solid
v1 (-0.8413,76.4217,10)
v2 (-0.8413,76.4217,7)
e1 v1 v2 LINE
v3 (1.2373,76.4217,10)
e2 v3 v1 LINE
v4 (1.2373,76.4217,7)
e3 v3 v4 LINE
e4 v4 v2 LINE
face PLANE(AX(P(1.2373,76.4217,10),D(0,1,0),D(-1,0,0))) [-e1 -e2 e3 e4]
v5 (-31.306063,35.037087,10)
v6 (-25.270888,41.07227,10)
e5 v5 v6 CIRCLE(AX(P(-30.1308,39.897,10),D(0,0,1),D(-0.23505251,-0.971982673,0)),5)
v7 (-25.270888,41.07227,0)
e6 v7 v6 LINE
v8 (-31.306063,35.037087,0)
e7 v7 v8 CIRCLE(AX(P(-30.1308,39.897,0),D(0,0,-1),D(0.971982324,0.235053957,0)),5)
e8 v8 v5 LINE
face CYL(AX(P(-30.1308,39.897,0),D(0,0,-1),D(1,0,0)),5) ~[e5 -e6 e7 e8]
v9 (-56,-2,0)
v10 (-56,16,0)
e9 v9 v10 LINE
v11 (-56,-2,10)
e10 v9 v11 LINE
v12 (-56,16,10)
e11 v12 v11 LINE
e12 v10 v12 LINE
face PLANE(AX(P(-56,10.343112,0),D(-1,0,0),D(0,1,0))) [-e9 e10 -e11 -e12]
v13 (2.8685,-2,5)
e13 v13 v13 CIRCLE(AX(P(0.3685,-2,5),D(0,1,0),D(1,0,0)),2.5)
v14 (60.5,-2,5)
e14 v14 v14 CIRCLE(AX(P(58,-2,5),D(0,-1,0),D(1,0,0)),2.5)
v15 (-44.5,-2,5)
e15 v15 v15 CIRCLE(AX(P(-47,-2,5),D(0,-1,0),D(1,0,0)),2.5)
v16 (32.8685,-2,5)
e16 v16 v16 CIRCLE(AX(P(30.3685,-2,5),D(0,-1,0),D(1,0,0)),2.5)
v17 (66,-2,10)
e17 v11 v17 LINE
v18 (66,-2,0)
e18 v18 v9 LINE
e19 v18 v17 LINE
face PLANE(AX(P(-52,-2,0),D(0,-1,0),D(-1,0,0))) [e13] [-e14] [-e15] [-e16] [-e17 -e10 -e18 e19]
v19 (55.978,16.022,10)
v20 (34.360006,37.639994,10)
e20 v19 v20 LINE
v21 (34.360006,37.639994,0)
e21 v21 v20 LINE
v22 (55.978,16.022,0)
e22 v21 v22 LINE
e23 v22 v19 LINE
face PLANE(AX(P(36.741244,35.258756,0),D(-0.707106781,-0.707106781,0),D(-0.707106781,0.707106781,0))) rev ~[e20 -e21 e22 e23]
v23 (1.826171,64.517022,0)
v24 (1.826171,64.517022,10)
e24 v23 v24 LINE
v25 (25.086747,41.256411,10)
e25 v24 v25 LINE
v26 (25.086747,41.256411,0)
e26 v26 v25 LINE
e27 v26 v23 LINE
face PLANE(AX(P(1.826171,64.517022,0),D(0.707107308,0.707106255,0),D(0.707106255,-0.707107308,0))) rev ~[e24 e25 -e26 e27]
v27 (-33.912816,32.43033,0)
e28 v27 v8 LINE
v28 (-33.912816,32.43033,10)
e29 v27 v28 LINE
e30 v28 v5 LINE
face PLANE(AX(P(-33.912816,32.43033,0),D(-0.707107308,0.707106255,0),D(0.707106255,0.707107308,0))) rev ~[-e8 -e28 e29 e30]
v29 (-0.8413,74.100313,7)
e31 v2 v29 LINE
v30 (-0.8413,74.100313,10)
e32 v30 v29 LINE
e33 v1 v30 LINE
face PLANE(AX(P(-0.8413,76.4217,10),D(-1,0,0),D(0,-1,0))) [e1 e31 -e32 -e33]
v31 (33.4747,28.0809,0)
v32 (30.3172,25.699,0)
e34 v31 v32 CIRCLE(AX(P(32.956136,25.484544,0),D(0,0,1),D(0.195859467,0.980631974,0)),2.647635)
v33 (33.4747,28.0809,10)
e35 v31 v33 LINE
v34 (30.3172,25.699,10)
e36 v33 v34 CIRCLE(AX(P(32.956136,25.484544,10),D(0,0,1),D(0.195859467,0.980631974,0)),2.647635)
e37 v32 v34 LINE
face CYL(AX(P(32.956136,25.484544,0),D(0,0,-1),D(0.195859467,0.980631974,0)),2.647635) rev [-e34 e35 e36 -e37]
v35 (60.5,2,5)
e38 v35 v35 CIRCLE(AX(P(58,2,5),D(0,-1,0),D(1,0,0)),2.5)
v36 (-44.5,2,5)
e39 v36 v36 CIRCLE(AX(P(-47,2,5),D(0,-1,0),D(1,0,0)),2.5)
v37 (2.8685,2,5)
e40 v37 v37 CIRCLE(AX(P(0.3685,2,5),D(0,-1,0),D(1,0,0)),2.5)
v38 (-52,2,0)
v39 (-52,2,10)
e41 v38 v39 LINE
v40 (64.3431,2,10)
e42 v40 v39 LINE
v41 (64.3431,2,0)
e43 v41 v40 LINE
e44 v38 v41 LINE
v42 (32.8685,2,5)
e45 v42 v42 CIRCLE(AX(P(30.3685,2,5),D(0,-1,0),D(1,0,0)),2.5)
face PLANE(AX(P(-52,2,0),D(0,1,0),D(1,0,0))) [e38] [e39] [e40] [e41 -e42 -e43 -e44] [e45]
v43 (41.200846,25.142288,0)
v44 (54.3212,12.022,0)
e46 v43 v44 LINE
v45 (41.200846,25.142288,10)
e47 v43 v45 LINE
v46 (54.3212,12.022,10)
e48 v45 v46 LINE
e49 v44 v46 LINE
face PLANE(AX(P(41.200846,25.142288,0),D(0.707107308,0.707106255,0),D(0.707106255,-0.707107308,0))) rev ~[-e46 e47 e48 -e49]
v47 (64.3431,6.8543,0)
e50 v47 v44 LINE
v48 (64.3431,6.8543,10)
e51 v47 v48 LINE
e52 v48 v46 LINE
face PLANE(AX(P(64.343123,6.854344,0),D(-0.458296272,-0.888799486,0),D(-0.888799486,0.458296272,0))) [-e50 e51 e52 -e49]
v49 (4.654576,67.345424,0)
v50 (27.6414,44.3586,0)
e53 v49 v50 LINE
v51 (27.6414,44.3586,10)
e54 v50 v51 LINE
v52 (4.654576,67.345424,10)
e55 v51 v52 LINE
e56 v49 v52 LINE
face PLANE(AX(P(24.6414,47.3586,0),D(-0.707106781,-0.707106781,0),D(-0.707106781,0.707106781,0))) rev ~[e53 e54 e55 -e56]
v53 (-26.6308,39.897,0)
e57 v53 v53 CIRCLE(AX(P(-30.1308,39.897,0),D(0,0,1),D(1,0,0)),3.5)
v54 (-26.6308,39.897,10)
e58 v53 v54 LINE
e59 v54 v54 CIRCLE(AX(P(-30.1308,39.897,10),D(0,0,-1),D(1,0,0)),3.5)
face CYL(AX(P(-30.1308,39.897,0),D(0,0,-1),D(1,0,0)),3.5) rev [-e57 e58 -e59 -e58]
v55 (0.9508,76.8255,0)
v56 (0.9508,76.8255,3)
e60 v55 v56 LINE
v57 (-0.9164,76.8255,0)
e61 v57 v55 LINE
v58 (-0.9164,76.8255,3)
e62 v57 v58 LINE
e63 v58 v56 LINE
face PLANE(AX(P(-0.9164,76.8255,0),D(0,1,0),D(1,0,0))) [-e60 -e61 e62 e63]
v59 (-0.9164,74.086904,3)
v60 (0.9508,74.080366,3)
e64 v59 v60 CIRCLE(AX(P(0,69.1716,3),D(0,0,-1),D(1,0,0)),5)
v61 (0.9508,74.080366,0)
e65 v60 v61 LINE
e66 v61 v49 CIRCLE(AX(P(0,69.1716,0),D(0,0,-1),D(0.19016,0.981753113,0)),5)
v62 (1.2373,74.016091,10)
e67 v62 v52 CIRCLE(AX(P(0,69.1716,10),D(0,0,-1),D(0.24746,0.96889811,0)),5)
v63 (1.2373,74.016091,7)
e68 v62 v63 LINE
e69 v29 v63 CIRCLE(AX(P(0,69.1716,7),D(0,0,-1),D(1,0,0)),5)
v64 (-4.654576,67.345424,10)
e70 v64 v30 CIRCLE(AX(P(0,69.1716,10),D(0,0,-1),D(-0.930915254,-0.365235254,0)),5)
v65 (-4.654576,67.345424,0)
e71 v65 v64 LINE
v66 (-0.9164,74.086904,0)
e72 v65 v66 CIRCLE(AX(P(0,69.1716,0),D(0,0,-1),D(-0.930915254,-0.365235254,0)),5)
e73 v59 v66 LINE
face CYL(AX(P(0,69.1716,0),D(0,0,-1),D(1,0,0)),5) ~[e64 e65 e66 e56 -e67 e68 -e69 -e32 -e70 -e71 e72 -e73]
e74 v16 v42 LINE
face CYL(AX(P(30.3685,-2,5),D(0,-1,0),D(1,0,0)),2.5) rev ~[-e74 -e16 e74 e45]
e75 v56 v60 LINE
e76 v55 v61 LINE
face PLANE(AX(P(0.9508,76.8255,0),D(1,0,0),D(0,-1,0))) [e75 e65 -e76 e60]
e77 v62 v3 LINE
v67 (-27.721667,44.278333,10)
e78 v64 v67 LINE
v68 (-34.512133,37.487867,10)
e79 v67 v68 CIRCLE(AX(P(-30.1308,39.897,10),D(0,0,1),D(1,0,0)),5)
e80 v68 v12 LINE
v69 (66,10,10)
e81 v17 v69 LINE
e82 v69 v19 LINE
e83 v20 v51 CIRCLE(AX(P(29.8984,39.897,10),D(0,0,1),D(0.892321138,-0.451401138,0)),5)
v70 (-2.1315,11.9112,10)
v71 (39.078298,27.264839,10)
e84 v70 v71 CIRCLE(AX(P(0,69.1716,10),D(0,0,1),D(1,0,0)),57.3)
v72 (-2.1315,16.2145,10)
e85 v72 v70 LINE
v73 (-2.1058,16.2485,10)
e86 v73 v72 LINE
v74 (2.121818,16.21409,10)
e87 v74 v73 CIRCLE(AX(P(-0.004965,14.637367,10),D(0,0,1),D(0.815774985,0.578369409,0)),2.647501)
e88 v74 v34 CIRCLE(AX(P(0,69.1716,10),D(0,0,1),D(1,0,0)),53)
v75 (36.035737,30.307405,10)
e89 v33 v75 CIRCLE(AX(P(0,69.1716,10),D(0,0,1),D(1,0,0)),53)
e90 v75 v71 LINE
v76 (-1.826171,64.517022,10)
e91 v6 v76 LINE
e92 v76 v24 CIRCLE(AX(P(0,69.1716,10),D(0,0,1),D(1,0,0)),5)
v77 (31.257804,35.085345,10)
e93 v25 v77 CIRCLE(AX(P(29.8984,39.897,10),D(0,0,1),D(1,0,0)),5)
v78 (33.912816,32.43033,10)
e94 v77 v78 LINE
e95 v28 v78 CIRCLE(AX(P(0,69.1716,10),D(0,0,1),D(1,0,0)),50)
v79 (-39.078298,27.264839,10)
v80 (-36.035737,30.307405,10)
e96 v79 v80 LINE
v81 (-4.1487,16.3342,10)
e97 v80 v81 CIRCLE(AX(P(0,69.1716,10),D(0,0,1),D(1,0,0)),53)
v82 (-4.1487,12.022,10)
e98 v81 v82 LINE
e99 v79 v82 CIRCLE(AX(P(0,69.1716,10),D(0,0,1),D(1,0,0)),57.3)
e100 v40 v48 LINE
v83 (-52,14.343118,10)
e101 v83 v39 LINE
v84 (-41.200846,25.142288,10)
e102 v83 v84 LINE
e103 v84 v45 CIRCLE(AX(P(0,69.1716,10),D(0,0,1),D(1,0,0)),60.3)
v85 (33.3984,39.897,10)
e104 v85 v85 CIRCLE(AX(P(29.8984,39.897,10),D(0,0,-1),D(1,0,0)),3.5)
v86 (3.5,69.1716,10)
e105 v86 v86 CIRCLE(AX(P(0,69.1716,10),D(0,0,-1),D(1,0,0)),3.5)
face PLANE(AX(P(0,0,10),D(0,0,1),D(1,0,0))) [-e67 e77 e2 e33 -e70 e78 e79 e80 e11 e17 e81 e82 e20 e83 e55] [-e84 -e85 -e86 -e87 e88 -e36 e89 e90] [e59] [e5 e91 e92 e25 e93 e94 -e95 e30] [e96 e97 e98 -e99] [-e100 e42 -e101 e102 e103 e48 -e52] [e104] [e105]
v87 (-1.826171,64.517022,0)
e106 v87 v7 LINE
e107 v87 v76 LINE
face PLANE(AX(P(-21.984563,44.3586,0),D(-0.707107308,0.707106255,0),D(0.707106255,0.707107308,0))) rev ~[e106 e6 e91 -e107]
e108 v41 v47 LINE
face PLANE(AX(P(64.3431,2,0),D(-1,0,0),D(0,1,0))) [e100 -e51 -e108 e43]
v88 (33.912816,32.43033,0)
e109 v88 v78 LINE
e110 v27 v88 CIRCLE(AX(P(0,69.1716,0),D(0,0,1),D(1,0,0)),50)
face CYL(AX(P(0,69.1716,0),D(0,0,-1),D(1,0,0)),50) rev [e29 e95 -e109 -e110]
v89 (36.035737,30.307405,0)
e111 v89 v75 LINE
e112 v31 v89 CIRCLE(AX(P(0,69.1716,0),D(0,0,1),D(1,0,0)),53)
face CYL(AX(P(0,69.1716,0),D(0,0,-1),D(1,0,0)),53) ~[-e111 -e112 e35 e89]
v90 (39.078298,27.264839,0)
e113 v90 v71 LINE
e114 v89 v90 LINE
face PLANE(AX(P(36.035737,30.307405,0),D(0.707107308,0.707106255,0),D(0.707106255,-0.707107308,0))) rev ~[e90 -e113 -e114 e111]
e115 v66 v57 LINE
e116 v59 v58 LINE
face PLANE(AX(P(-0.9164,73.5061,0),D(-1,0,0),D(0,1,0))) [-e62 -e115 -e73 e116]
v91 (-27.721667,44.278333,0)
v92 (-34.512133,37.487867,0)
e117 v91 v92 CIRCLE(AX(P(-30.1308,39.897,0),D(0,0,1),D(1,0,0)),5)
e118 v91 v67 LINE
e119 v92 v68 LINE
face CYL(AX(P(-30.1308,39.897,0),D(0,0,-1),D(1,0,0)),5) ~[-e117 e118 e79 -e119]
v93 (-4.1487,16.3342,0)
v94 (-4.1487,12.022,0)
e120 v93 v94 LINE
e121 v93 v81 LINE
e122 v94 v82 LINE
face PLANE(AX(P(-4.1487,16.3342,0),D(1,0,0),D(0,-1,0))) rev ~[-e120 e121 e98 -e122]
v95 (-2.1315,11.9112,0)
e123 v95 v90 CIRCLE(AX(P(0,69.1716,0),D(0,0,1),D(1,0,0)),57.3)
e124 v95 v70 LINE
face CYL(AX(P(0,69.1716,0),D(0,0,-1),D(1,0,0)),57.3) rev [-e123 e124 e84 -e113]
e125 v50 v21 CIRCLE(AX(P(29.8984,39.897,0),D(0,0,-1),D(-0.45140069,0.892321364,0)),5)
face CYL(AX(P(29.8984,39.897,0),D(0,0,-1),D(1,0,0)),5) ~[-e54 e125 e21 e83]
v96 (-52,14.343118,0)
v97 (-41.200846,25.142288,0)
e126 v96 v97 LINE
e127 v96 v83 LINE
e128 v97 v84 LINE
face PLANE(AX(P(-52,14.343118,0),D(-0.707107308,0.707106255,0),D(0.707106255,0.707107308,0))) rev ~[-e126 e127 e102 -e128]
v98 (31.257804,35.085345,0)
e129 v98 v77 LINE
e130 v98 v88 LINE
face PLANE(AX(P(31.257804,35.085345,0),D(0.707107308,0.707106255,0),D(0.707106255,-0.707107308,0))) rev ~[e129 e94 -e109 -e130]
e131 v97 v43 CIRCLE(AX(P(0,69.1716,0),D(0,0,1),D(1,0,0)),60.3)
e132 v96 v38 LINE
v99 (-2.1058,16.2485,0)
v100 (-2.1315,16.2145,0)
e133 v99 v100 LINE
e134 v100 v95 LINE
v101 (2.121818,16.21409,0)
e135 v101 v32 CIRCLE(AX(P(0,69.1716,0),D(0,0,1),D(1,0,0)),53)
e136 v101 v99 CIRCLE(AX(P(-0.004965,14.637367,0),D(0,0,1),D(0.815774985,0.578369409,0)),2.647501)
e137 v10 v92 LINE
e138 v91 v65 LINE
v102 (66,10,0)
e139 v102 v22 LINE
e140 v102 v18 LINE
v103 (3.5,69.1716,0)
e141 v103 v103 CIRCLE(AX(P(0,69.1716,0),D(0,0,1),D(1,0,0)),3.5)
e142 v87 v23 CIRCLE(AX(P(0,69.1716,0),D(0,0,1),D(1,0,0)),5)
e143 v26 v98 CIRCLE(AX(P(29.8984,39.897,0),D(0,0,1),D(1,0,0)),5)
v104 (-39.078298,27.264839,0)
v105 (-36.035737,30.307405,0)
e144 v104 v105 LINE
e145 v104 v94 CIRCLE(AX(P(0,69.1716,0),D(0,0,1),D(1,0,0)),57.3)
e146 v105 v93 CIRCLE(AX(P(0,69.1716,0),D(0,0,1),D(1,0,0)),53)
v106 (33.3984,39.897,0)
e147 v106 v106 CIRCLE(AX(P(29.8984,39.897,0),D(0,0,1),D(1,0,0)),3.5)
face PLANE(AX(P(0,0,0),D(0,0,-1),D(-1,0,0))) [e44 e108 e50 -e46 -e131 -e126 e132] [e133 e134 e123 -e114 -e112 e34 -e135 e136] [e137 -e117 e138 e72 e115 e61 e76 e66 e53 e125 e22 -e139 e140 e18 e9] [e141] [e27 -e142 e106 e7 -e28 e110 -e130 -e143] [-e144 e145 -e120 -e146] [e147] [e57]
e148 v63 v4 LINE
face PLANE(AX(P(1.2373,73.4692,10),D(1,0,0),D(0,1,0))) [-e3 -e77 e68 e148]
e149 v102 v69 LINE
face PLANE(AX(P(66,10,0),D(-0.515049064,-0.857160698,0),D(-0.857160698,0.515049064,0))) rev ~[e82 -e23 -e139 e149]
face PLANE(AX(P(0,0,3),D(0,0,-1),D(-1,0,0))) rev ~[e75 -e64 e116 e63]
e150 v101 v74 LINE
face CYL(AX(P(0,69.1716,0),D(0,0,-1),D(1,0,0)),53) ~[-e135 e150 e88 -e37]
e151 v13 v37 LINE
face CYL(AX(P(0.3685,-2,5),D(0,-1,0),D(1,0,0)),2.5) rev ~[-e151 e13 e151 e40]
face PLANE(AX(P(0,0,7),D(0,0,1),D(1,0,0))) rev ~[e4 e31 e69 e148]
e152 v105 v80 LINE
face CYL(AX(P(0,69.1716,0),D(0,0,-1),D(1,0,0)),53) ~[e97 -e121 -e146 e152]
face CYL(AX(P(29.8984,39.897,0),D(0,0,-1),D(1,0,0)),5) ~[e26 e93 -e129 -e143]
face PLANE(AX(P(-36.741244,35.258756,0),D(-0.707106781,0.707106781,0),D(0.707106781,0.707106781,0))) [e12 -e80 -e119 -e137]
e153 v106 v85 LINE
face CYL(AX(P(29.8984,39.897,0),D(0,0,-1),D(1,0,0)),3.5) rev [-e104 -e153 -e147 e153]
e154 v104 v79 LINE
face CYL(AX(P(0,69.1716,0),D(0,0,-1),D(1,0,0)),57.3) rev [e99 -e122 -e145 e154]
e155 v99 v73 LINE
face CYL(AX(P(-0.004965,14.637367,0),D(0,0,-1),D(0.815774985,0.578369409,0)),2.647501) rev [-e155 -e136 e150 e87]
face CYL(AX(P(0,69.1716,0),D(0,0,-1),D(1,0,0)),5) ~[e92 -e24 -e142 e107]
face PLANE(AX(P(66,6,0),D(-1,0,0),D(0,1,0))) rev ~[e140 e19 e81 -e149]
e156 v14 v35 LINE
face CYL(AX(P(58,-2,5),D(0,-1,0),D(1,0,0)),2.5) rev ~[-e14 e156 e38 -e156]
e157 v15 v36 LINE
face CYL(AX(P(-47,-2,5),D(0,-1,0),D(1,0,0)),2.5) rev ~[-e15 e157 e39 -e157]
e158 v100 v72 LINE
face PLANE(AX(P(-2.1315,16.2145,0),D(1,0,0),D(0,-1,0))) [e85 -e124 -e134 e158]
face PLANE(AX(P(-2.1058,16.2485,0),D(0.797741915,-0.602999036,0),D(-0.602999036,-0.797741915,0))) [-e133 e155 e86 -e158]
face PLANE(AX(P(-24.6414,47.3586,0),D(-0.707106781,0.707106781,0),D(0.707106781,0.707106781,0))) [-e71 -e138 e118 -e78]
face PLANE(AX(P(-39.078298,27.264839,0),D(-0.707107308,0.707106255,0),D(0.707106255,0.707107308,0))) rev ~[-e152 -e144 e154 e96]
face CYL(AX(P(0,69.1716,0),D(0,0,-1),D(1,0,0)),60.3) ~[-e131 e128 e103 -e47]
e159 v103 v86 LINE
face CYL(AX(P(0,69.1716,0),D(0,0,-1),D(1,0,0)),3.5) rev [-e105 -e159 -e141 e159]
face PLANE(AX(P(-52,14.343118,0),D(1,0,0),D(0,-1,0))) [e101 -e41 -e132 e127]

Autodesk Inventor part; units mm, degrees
ref_plane "YZ Plane" through (0, 0, 0) normal (1, 0, 0) x (0, 1, 0)
ref_plane "XZ Plane" through (0, 0, 0) normal (0, 1, 0) x (-1, 0, 0)
ref_plane "XY Plane" through (0, 0, 0) normal (0, 0, 1) x (1, 0, 0)
sketch "Sketch1" plane through (0, 0, 0) normal (0, 0, 1) x (1, 0, 0)
  line L0 (-70, 2) -> (70, 2)
  line L1 (70, 2) -> (70, -2)
  line L2 (70, -2) -> (-70, -2)
  line L3 (-70, -2) -> (-70, 2)
  line L4 (-70, 2) -> (70, -2) construction
  line L5 (70, 2) -> (-70, -2) construction
  line L6 (-70, 2) -> (44.4369, 116.4369)
  line L7 (-70, 2) -> (91.8383, 2) construction
  line L8 (70, 2) -> (-21.2026, 93.2026)
  line L9 (-64.3431, 2) -> (2.8284, 69.1716)
  line L10 (-2.8284, 69.1716) -> (64.3431, 2)
  circle A0 centre (0, 69.1716) radius 3.5
  circle A1 centre (0, 69.1716) radius 5
  circle A2 centre (-67.6199, 0) radius 3.5
  circle A3 centre (-67.6199, 0) radius 5
  circle A4 centre (69.5355, 2.4645) radius 3.5
  circle A5 centre (69.5355, 2.4645) radius 5
  circle A6 centre (29.8984, 39.897) radius 3.5
  circle A7 centre (29.8984, 39.897) radius 5
  line L11 (27.6414, 44.3586) -> (-27.6414, 44.3586)
  line L12 (-27.6414, 44.3586) -> (-27.6414, 52.2202)
  line L13 (-27.6414, 52.2202) -> (-24.6414, 52.2202)
  line L14 (-24.6414, 52.2202) -> (-24.6414, 47.3586)
  line L15 (27.6414, 44.3586) -> (27.6414, 52.2202)
  line L16 (27.6414, 52.2202) -> (24.6414, 52.2202)
  line L17 (24.6414, 52.2202) -> (24.6414, 47.3586)
  circle A8 centre (0, 69.1716) radius 50
  circle A9 centre (0, 69.1716) radius 53
  circle A10 centre (0, 69.1716) radius 57.3
  circle A11 centre (0, 69.1716) radius 60.3
  arc A12 (2.1548, 16.1686) -> (-2.1058, 16.2485) centre (-0.005, 14.6373) ccw
  arc A13 (33.4747, 28.0809) -> (30.3172, 25.699) centre (32.9561, 25.4847) ccw
  line L18 (-2.1058, 16.2485) -> (-2.1315, 16.2145)
  line L19 (-0.1162, 2) -> (-0.1162, -3.5)
  circle A14 centre (-30.1308, 39.897) radius 3.5
  circle A15 centre (-30.1308, 39.897) radius 5
  line L20 (-70.2324, 2) -> (69.7676, -2) construction
  circle A16 centre (-30.1308, 39.897) radius 3.5
  circle A17 centre (-30.1308, 39.897) radius 5
  line L21 (-56, -2) -> (-56, 16)
  line L22 (-52, 20) -> (-52, -2)
  line L23 (-2.1315, 16.2145) -> (-2.1315, 11.9112)
  line L24 (-4.1487, 16.3342) -> (-4.1487, 12.022)
  line L25 (64.3431, 2) -> (64.3431, -2)
  line L26 (66, -2) -> (66, 13.8793)
  line L27 (66, 10) -> (55.978, 16.022)
  line L28 (66, 6) -> (54.3212, 12.022)
  line L29 (64.3431, 2) -> (64.3431, 6.8543)
  point P0 (0, 0)
  point P1 (1.8262, 64.517)
  point P2 (25.0868, 41.2564)
  point P3 (31.2578, 35.0853)
  point P4 (64.3431, 2)
  point P5 (-1.8262, 64.517)
  point P6 (-4.6546, 67.3454)
  point P7 (-67.0344, 4.9656)
  point P8 (-63.0374, -2)
  point P9 (67.2842, -2)
  point P10 (66, 6)
  point P11 (34.36, 37.64)
  point P12 (4.6546, 67.3454)
  point P13 (-41.2009, 25.1423)
  point P14 (41.2009, 25.1423)
  point P15 (39.0783, 27.2648)
  point P16 (-39.0783, 27.2648)
  point P17 (-36.0358, 30.3074)
  point P18 (36.0358, 30.3074)
  point P19 (33.9128, 32.4303)
  point P20 (-33.9128, 32.4303)
  point P21 (2.1218, 16.2141)
  point P22 (-31.3061, 35.0371)
  point P23 (-25.2709, 41.0722)
  point P24 (-27.7217, 44.2783)
  point P25 (-34.5122, 37.4878)
  point P26 (-56, 7)
  point P27 (-52, 2)
  point P28 (-52, 14.3431)
  point P29 (-56, 10.3431)
  point P30 (-56, 2)
  point P31 (44.0293, 27.9707)
  point P32 (41.2009, 113.2009)
  point P33 (1.8262, 73.8262)
  point P34 (0, 66.3431)
  point P35 (0, 72)
  point P36 (21.9846, 44.3586)
  point P37 (63.9523, 2.3909)
  point P38 (-21.9846, 44.3586)
  point P39 (64.5572, 2)
  point P40 (-1.8262, 73.8262)
  point P41 (-44.0293, 27.9707)
  point P42 (70, -1.78)
  point P43 (-26.636, 39.7071)
  point P44 (-29.941, 36.4021)
  point P45 (36.7413, 35.2587)
  point P46 (38.8642, 33.1358)
  point P47 (41.9067, 30.0933)
  point P48 (64.3431, 2)
  dimension "d14" = 10
  dimension "d16" = 10
  dimension "d0" = 140
  dimension "d1" = 4
  dimension "d2" = 45
  dimension "d3" = 4
  dimension "d6" = 4
  dimension "d7" = 4
  dimension "d8" = 4
  dimension "d9" = 7
  dimension "d10" = 10
  dimension "d11" = 7
  dimension "d12" = 10
  dimension "d13" = 7
  dimension "d15" = 7
  dimension "d17" = 3
  dimension "d18" = 3
  dimension "d21" = 3
  dimension "d22" = 3
  dimension "d23" = 4.3
  dimension "d24" = 100
  dimension "d42" = 4
  dimension "d43" = 14
  dimension "d62" = 4
  dimension "d63" = 4
  dimension "d64" = 4
  dimension "d65" = 8
extrude "Extrusion1" add sketch "Sketch1" along normal blind 10 contours L19 L2 L22 L0 | L0 L25 L2 L19 | L29 L28 A5 L0 | L0 A5 L26 L2 L25 | L22 L2 L21 L0 | L0 L21 L9 L22 | A5 L26 L0 | L0 L26 A5 | L10 A11 L8 L28 | L22 L6 A11 L9 | L9 L21 L6 L22 | L8 L27 L26 | A11 L9 A10 L10 | L10 A10 L8 A11 | A11 L6 A10 L9 | L10 A9 L8 A10 | A10 L6 A9 L9 | A9 A13 A12 L18 L9 A8 L10 | L10 A8 L8 A9 | A10 L24 A9 L23 | A9 L6 A8 L9 | L10 A7 L8 A8 | A8 L6 A15 L9 | A7 L10 A6 | L10 A6 L8 A7 | A15 L6 A14 L9 | L9 A14 A15 | A7 L8 A6 L10 | L10 L11 A7 | L8 A6 A7 | A15 L6 A14 | L10 A1 L8 L11 | A14 L6 A15 L9 | L6 L11 L9 A15 | A1 L8 A0 L6 | L6 A0 L8 A1 | A1 L9 A0 L10 | L10 A0 L8 A1 | L11 L6 A1 L9 | L8 A0 L6 A1 | A1 L6 A0 L9
extrude "Extrusion2" cut sketch "Sketch1" along normal blind 10 contours A9 A13 | L18 A12 A9
sketch "Sketch3" plane through (-70, -2, 0) normal (0, -1, 0) x (1, 0, 0)
  line L0 (134.3431, 0) -> (134.3431, 10) projected
  line L1 (5.6569, 0) -> (5.6569, 10) projected
  circle A0 centre (23, 5) radius 2.5
  circle A1 centre (128, 5) radius 2.5
  line L2 (140, 0) -> (140, 10) projected
  line L3 (14, 10) -> (136, 10) projected
  point P0 (70, 0)
  point P1 (0, 10)
  point P2 (133.7935, 10)
  point P3 (18, 10)
  dimension "d34" = 5
  dimension "d35" = 5
  dimension "d36" = 105
  dimension "d37" = 12
  dimension "d38" = 5
  dimension "d39" = 5
extrude "Extrusion4" cut sketch "Sketch3" against normal up to surface (4 mm away)
sketch "Sketch6" plane through (0, 0, 10) normal (0, 0, 1) x (1, 0, 0)
  line L0 (-0.8413, 73.4692) -> (1.2373, 73.4692)
  line L1 (1.2373, 73.4692) -> (1.2373, 76.4217)
  line L2 (1.2373, 76.4217) -> (-0.8413, 76.4217)
  line L3 (-0.8413, 76.4217) -> (-0.8413, 73.4692)
  point P0 (0, 0)
extrude "Extrusion7" add sketch "Sketch6" against normal blind 3
sketch "Sketch4" plane through (0, 0, 0) normal (0, 0, -1) x (-1, 0, 0)
  circle A0 centre (0, 69.1716) radius 3.5 projected
  arc A1 (-4.6546, 67.3454) -> (-1.8262, 64.517) centre (0, 69.1716) ccw projected
  line L0 (-0.9508, 73.5061) -> (0.9164, 73.5061)
  line L1 (0.9164, 73.5061) -> (0.9164, 76.8255)
  line L2 (0.9164, 76.8255) -> (-0.9508, 76.8255)
  line L3 (-0.9508, 76.8255) -> (-0.9508, 73.5061)
  point P0 (0, 0)
  point P1 (3.5355, 65.136)
  point P2 (4.6546, 67.3454)
  point P3 (3.5355, 65.636)
  point P4 (3.5355, 65.636)
  point P5 (1.8262, 64.517)
  point P6 (-3.4452, 68.5548)
  point P7 (-0.6168, 65.7263)
extrude "Extrusion5" add sketch "Sketch4" against normal blind 3 contours L3 L2 L1 L0
sketch "Sketch5" plane through (-56, -2, 0) normal (0, -1, 0) x (1, 0, 0)
  circle A0 centre (56.3685, 5) radius 2.5
  circle A1 centre (86.3685, 5) radius 2.5
  line L0 (0, 10) -> (122, 10) projected
  line L1 (53.8685, 0) -> (53.8685, 10) projected
  point P0 (56, 0)
  point P1 (119.7935, 10)
  point P2 (-14, 10)
  point P3 (126, 10)
  point P4 (4, 10)
  dimension "d52" = 5
  dimension "d53" = 5
  dimension "d54" = 5
  dimension "d55" = 0
  dimension "d56" = 30
  dimension "d57" = 2.5
extrude "Extrusion6" cut sketch "Sketch5" against normal up to surface (4 mm away)
properties part number "BigCageP2"
